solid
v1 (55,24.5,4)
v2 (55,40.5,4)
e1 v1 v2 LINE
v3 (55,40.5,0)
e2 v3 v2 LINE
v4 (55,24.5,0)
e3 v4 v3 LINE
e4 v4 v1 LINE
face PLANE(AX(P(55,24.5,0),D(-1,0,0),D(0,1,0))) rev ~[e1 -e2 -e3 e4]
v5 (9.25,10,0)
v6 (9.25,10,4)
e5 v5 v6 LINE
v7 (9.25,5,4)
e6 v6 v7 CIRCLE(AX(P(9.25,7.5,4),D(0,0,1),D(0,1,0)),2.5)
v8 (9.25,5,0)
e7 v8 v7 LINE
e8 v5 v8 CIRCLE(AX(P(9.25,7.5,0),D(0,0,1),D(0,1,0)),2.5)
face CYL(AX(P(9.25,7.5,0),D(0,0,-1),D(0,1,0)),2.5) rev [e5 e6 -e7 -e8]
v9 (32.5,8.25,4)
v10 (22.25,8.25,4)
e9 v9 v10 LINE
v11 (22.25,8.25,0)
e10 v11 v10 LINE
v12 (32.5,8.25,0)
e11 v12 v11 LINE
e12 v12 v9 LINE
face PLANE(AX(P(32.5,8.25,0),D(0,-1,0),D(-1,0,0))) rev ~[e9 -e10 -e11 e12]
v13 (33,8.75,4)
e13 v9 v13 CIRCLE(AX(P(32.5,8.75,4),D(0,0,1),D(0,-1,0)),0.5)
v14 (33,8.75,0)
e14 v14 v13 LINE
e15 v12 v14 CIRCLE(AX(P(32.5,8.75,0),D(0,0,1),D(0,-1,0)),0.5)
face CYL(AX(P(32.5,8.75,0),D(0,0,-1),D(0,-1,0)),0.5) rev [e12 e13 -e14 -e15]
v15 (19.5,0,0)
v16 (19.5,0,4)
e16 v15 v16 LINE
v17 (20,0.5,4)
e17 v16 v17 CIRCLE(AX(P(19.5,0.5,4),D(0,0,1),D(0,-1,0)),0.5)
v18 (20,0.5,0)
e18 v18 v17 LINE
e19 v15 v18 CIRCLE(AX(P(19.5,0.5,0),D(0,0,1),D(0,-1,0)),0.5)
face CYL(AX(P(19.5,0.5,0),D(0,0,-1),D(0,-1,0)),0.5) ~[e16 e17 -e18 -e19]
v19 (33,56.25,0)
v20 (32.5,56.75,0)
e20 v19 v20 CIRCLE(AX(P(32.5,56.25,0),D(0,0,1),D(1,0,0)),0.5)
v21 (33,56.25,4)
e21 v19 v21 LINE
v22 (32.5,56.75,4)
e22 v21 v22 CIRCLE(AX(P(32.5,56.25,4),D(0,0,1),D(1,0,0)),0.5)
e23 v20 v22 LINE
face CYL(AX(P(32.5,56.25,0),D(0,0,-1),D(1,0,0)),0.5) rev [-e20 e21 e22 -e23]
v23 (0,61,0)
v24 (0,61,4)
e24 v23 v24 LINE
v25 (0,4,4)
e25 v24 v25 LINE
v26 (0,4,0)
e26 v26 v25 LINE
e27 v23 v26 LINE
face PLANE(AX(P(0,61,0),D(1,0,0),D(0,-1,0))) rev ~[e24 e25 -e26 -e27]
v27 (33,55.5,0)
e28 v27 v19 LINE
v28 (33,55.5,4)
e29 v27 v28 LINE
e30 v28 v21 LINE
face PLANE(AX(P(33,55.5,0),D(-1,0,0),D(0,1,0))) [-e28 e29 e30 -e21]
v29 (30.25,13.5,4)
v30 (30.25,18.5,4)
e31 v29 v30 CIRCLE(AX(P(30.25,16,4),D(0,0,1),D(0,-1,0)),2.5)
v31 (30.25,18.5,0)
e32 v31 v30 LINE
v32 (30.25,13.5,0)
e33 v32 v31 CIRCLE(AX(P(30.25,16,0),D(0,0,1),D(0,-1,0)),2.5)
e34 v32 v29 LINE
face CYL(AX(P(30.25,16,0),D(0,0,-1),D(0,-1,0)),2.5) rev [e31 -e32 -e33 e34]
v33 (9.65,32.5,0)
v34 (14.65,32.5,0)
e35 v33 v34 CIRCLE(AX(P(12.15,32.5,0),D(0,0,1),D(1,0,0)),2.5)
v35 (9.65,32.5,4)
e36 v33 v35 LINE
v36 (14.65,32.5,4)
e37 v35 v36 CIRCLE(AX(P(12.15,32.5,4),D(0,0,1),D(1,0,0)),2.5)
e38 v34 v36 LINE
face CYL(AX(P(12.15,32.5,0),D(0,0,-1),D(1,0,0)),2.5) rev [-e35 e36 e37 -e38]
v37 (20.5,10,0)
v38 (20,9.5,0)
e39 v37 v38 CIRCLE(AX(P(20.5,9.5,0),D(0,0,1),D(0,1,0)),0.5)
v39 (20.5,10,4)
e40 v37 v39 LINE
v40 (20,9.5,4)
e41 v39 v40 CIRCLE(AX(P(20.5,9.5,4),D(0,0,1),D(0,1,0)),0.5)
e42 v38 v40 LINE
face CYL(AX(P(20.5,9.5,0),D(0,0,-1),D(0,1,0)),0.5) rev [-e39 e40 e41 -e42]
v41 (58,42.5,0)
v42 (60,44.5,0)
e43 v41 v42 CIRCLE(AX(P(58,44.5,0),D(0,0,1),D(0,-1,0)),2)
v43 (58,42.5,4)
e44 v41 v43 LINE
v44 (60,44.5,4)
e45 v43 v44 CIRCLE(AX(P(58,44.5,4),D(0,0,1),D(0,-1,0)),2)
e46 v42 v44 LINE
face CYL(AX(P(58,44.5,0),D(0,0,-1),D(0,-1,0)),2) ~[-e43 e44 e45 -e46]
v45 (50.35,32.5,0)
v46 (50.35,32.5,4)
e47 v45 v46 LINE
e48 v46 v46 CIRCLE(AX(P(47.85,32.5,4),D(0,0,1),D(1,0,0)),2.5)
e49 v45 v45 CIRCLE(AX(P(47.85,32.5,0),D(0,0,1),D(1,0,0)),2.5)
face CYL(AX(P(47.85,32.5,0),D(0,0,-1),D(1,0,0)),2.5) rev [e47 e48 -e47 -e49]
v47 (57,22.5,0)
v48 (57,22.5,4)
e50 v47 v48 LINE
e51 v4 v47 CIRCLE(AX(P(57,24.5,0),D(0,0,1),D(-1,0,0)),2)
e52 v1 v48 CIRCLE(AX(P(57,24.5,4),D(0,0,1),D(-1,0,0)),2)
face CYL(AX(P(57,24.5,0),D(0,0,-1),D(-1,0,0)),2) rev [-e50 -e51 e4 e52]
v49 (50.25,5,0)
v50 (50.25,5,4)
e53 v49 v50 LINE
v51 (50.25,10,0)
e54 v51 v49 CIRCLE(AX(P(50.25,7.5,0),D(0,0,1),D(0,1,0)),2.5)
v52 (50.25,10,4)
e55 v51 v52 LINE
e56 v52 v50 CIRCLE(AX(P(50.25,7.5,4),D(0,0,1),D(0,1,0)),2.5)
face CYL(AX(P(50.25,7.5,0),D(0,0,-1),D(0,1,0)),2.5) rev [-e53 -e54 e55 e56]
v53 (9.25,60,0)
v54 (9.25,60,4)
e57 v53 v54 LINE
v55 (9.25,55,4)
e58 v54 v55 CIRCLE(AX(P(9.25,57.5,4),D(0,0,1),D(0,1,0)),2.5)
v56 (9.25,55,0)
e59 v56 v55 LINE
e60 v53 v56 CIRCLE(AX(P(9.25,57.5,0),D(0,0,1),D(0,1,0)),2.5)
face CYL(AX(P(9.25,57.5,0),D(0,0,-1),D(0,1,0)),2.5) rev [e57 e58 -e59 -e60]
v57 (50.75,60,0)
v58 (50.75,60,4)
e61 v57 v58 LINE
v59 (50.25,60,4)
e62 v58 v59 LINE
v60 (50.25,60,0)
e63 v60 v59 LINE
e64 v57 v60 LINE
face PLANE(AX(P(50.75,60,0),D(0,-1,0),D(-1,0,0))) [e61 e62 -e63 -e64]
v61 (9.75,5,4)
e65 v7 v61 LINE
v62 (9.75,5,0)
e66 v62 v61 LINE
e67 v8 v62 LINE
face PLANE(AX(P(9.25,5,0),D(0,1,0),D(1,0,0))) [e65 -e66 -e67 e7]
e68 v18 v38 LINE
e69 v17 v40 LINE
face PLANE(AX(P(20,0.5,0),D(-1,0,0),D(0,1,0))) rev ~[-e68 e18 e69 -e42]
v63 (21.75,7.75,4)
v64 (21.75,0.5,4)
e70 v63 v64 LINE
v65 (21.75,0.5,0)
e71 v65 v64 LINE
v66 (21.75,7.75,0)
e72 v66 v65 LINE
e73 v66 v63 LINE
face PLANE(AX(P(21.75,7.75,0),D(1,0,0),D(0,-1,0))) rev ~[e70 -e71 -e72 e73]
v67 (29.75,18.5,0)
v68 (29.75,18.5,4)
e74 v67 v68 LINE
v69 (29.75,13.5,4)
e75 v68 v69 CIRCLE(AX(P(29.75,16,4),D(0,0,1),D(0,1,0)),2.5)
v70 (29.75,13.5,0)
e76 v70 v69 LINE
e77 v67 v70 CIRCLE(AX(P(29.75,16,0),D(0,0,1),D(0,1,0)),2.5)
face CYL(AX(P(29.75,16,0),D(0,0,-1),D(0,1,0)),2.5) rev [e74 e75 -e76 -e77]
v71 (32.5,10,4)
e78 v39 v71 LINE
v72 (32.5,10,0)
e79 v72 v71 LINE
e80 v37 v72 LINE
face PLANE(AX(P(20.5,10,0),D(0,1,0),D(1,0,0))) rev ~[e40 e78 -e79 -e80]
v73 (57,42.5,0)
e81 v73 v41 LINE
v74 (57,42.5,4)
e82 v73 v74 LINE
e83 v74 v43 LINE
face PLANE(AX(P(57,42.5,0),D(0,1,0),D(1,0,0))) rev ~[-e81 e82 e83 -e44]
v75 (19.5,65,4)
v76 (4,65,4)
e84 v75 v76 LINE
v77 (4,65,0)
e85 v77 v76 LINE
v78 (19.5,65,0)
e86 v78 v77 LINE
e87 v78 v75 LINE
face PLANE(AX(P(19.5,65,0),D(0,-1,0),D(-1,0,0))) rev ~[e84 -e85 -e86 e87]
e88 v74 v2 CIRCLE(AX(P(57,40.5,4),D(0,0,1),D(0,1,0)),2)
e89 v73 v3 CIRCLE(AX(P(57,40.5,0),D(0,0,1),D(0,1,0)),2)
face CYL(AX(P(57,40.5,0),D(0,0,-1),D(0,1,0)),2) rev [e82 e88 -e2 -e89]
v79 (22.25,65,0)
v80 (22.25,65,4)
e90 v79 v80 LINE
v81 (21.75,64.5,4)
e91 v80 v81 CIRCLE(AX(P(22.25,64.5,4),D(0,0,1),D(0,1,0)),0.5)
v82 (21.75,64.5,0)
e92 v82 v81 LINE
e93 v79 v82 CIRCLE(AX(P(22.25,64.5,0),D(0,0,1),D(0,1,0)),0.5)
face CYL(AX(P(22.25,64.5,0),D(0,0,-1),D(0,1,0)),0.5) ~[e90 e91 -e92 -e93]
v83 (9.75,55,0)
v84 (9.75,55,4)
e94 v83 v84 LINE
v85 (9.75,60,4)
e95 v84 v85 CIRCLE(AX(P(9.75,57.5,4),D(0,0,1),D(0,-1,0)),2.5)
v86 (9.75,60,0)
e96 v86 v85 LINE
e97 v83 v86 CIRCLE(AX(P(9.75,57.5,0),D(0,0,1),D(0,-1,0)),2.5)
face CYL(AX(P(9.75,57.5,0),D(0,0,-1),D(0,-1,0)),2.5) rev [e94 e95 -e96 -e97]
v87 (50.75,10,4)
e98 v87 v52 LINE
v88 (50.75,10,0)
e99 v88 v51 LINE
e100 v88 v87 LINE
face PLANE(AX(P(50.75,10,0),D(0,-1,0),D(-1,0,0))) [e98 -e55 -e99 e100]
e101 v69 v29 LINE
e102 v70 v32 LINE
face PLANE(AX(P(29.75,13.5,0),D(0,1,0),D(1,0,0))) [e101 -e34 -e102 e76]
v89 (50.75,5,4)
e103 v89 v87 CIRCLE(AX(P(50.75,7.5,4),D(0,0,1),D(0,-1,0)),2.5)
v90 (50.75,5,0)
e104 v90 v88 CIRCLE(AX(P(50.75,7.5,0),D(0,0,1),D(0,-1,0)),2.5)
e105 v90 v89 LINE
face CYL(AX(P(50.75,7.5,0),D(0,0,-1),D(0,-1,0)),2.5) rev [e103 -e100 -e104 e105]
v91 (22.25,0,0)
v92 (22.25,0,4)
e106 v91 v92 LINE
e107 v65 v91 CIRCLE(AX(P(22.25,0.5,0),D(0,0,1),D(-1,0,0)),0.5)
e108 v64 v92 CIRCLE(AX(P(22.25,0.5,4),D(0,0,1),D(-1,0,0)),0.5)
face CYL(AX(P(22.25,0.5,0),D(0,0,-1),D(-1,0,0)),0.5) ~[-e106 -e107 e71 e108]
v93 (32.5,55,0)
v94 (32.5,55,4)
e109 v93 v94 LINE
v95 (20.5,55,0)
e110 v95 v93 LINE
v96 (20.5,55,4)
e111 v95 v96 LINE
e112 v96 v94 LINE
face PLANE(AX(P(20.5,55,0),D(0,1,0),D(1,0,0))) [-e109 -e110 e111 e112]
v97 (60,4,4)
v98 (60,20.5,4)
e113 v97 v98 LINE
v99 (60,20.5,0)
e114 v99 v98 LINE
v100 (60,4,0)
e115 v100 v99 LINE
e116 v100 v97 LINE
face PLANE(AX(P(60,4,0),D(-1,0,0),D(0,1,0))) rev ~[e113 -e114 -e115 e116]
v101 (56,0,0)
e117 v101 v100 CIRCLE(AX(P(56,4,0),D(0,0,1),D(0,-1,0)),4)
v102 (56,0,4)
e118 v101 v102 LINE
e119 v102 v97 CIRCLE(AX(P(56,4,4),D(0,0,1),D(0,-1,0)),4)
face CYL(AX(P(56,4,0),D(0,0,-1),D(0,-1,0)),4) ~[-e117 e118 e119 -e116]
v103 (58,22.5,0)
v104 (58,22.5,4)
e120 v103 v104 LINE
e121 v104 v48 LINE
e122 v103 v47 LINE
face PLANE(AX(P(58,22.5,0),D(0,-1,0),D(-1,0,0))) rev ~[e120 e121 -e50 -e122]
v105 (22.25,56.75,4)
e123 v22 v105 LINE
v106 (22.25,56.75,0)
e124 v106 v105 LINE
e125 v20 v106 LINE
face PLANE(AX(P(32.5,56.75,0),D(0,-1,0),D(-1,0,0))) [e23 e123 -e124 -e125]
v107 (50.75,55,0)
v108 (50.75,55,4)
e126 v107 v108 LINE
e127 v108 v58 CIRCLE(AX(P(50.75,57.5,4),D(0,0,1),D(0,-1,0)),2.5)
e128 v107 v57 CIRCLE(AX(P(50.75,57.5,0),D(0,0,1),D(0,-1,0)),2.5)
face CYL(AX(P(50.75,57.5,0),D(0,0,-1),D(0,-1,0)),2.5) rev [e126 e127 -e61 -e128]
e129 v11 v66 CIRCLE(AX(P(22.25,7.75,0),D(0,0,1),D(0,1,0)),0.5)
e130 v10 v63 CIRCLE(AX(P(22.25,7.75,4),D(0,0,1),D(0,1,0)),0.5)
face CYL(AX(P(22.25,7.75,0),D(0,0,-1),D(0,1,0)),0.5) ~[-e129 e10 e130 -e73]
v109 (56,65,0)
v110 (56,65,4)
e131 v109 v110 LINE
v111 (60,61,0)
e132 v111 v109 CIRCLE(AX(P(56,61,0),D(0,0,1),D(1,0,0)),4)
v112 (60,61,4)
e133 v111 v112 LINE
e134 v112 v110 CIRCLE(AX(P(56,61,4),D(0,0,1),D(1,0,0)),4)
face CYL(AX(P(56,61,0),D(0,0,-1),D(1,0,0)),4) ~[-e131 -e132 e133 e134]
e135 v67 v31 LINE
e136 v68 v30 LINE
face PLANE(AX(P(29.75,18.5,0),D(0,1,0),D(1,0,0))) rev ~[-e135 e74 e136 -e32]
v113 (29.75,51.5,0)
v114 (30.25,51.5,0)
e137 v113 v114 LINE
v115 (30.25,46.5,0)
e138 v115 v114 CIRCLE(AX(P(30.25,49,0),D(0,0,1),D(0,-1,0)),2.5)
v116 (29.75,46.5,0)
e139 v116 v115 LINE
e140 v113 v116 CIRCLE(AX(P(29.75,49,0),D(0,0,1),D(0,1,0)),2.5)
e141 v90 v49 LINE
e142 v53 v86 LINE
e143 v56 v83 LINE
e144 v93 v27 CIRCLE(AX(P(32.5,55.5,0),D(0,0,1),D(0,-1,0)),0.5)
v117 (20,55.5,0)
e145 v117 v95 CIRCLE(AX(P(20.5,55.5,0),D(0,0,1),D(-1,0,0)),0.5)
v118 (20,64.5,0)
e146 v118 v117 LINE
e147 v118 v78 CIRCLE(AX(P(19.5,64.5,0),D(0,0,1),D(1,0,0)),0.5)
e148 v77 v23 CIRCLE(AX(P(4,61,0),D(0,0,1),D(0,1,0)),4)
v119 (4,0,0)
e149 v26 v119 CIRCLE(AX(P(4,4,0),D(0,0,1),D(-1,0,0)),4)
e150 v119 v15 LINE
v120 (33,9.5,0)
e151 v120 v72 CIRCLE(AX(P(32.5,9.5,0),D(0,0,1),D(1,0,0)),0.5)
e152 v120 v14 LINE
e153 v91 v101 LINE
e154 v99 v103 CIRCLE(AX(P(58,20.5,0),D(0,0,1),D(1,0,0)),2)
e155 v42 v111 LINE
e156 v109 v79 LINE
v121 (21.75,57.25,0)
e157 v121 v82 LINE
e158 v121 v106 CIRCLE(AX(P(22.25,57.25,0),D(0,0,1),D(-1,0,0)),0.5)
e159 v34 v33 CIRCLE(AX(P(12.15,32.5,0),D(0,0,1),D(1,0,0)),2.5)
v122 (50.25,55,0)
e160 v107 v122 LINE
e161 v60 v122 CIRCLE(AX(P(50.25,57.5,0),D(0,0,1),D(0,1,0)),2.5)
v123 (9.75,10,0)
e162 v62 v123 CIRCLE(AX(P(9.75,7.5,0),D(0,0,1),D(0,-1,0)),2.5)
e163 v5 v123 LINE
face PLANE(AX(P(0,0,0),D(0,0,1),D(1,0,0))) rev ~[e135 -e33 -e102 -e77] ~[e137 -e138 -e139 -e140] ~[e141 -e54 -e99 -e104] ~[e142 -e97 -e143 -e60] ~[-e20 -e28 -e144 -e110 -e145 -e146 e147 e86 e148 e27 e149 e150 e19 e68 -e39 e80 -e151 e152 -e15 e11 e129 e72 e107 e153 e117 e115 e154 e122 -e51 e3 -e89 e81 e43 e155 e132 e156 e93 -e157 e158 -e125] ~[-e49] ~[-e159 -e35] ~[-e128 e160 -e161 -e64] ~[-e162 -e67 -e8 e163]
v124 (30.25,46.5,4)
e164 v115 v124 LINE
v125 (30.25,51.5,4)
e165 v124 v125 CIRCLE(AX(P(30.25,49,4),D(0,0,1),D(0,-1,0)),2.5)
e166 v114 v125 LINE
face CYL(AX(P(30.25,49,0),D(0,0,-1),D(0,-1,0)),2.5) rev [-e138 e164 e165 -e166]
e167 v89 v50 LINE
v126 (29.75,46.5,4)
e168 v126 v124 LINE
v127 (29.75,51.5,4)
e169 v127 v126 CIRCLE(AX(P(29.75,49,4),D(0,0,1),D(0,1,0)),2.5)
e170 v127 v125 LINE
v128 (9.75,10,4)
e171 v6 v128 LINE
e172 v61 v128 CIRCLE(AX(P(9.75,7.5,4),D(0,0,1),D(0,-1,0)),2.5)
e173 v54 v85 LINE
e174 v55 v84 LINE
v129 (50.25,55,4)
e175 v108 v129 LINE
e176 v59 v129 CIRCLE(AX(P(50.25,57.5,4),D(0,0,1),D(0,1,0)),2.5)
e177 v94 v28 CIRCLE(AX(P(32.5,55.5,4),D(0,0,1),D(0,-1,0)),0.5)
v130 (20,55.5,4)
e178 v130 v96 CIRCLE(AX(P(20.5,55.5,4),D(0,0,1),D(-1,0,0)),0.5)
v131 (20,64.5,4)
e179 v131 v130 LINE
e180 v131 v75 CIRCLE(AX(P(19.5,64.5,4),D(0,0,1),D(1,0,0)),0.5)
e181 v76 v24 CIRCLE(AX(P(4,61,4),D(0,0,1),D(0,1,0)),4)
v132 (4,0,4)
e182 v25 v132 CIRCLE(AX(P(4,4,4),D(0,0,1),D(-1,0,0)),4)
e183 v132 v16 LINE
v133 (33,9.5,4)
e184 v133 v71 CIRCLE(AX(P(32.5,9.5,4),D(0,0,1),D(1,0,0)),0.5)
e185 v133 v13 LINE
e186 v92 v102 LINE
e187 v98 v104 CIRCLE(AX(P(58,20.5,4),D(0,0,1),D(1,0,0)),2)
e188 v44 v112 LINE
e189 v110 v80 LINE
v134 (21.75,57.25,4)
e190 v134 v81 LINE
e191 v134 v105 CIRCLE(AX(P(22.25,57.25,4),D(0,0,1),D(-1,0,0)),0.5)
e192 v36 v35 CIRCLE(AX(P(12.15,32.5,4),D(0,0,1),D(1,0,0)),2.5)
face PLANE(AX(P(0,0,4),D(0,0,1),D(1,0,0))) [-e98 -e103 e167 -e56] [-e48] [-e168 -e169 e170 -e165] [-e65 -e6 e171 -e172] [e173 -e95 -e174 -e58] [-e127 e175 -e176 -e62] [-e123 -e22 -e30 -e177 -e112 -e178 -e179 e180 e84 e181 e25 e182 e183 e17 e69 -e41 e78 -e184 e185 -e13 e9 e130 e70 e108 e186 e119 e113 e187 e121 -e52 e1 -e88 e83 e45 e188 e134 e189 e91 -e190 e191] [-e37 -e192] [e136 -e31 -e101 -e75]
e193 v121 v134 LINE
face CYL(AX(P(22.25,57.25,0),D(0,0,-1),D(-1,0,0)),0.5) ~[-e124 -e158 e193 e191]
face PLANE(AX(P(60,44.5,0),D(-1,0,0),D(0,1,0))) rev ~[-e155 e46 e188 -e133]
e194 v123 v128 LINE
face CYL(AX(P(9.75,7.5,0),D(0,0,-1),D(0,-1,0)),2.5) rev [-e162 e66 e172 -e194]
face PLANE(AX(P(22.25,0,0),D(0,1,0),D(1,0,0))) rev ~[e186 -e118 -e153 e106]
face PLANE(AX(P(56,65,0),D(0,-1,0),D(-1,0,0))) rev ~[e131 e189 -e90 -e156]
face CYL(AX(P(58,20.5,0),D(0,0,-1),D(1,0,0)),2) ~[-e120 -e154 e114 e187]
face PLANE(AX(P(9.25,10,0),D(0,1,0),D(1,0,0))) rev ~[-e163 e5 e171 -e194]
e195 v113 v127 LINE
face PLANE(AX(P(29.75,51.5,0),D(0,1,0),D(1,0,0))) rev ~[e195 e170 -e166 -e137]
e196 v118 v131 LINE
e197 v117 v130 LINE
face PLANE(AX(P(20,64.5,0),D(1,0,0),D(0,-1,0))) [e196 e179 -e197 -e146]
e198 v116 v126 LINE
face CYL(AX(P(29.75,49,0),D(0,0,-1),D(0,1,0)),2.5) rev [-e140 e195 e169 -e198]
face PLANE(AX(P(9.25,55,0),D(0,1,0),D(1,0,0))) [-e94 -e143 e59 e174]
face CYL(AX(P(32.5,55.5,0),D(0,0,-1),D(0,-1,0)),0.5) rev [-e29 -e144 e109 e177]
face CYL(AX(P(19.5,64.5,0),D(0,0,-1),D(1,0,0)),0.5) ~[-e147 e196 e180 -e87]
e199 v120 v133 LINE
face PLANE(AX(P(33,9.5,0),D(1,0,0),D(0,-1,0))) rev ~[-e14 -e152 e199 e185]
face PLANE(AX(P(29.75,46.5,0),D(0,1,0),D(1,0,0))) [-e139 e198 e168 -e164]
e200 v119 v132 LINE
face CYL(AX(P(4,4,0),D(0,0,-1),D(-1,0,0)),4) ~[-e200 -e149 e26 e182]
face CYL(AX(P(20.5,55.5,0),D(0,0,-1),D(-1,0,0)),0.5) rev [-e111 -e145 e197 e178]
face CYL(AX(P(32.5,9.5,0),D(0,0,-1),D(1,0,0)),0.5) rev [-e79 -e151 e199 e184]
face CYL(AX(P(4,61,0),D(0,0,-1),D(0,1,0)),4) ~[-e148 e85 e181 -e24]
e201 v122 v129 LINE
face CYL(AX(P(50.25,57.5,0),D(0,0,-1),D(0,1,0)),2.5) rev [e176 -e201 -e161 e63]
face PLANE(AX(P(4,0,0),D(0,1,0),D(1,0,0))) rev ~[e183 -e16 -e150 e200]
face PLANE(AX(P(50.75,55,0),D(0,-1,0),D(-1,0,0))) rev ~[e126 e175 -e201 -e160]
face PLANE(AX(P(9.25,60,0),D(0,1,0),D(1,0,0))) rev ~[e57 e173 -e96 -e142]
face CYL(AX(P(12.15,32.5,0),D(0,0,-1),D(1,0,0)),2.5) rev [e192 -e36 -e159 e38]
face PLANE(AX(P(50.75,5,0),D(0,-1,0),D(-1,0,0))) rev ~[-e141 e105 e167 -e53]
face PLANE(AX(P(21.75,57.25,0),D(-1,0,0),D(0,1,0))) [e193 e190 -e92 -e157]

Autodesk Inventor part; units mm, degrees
ref_plane "YZ Plane" through (0, 0, 0) normal (1, 0, 0) x (0, 1, 0)
ref_plane "XZ Plane" through (0, 0, 0) normal (0, 1, 0) x (-1, 0, 0)
ref_plane "XY Plane" through (0, 0, 0) normal (0, 0, 1) x (1, 0, 0)
sketch "Szkic1" plane through (0, 0, 0) normal (0, 0, 1) x (1, 0, 0)
  line L0 (0, 61) -> (0, 4)
  line L1 (57, 42.5) -> (58, 42.5)
  line L2 (58, 22.5) -> (57, 22.5)
  line L3 (55, 24.5) -> (55, 40.5)
  line L4 (60, 4) -> (60, 20.5)
  line L5 (60, 44.5) -> (60, 61)
  line L6 (4, 0) -> (19.5, 0)
  line L7 (20, 0.5) -> (20, 9.5)
  line L8 (20.5, 10) -> (32.5, 10)
  line L9 (33, 9.5) -> (33, 8.75)
  line L10 (32.5, 8.25) -> (22.25, 8.25)
  line L11 (21.75, 7.75) -> (21.75, 0.5)
  line L12 (0, 0) -> (20, 0)
  line L13 (22.25, 0) -> (56, 0)
  arc A0 (22.25, 8.25) -> (21.75, 7.75) centre (22.25, 7.75) ccw
  arc A1 (20.5, 10) -> (20, 9.5) centre (20.5, 9.5) ccw
  arc A2 (33, 9.5) -> (32.5, 10) centre (32.5, 9.5) ccw
  arc A3 (32.5, 8.25) -> (33, 8.75) centre (32.5, 8.75) ccw
  arc A4 (19.5, 0) -> (20, 0.5) centre (19.5, 0.5) ccw
  arc A5 (21.75, 0.5) -> (22.25, 0) centre (22.25, 0.5) ccw
  arc A6 (60, 20.5) -> (58, 22.5) centre (58, 20.5) ccw
  arc A7 (55, 24.5) -> (57, 22.5) centre (57, 24.5) ccw
  arc A8 (57, 42.5) -> (55, 40.5) centre (57, 40.5) ccw
  arc A9 (58, 42.5) -> (60, 44.5) centre (58, 44.5) ccw
  arc A10 (60, 61) -> (56, 65) centre (56, 61) ccw
  arc A11 (4, 65) -> (0, 61) centre (4, 61) ccw
  arc A12 (0, 4) -> (4, 0) centre (4, 4) ccw
  arc A13 (56, 0) -> (60, 4) centre (56, 4) ccw
  line L14 (20, 64.5) -> (20, 55.5)
  line L15 (20.5, 55) -> (32.5, 55)
  line L16 (33, 55.5) -> (33, 56.25)
  line L17 (32.5, 56.75) -> (22.25, 56.75)
  line L18 (21.75, 57.25) -> (21.75, 64.5)
  arc A14 (21.75, 57.25) -> (22.25, 56.75) centre (22.25, 57.25) ccw
  arc A15 (20, 55.5) -> (20.5, 55) centre (20.5, 55.5) ccw
  arc A16 (32.5, 55) -> (33, 55.5) centre (32.5, 55.5) ccw
  arc A17 (33, 56.25) -> (32.5, 56.75) centre (32.5, 56.25) ccw
  arc A18 (20, 64.5) -> (19.5, 65) centre (19.5, 64.5) ccw
  arc A19 (22.25, 65) -> (21.75, 64.5) centre (22.25, 64.5) ccw
  circle A20 centre (47.85, 32.5) radius 2.5
  line L19 (56, 65) -> (22.25, 65)
  line L20 (19.5, 65) -> (4, 65)
  arc A21 (9.25, 60) -> (9.25, 55) centre (9.25, 57.5) ccw
  arc A22 (9.75, 55) -> (9.75, 60) centre (9.75, 57.5) ccw
  line L21 (9.25, 60) -> (9.75, 60)
  line L22 (9.25, 55) -> (9.75, 55)
  arc A23 (30.25, 46.5) -> (30.25, 51.5) centre (30.25, 49) ccw
  arc A24 (29.75, 51.5) -> (29.75, 46.5) centre (29.75, 49) ccw
  line L23 (29.75, 51.5) -> (30.25, 51.5)
  line L24 (29.75, 46.5) -> (30.25, 46.5)
  line L25 (9.85, 32.5) -> (9.6, 32.5)
  line L26 (9.6, 32.5) -> (10.1, 32.5)
  circle A25 centre (12.15, 32.5) radius 2.5
  arc A26 (50.75, 55) -> (50.75, 60) centre (50.75, 57.5) ccw
  arc A27 (50.25, 60) -> (50.25, 55) centre (50.25, 57.5) ccw
  line L27 (50.75, 60) -> (50.25, 60)
  line L28 (50.75, 55) -> (50.25, 55)
  arc A28 (9.25, 10) -> (9.25, 5) centre (9.25, 7.5) ccw
  arc A29 (9.75, 5) -> (9.75, 10) centre (9.75, 7.5) ccw
  line L29 (9.25, 5) -> (9.75, 5)
  line L30 (9.25, 10) -> (9.75, 10)
  arc A30 (30.25, 13.5) -> (30.25, 18.5) centre (30.25, 16) ccw
  arc A31 (29.75, 18.5) -> (29.75, 13.5) centre (29.75, 16) ccw
  line L31 (29.75, 13.5) -> (30.25, 13.5)
  line L32 (29.75, 18.5) -> (30.25, 18.5)
  arc A32 (50.25, 10) -> (50.25, 5) centre (50.25, 7.5) ccw
  line L33 (50.75, 10) -> (50.25, 10)
  arc A33 (50.75, 5) -> (50.75, 10) centre (50.75, 7.5) ccw
  line L34 (50.75, 5) -> (50.25, 5)
  point P0 (60, 65)
  point P1 (60, 0)
  point P2 (0, 65)
  point P3 (60, 22.5)
  point P4 (60, 42.5)
  point P5 (55, 22.5)
  point P6 (20, 10)
  point P7 (33, 10)
  point P8 (33, 8.25)
  point P9 (21.75, 8.25)
  dimension "d0" = 60
  dimension "d1" = 65
  dimension "d4" = 5
  dimension "d5" = 20
  dimension "d6" = 20
  dimension "d7" = 10
  dimension "d8" = 13
  dimension "d9" = 1.75
  dimension "d10" = 11.25
  dimension "d11" = 0.5
  dimension "d12" = 2
  dimension "d13" = 4
  dimension "d21" = 9.85
  dimension "d22" = 5
  dimension "d23" = 38
  dimension "d29" = 5
  dimension "d30" = 5
  dimension "d33" = 5
  dimension "d34" = 5
  dimension "d36" = 0.25
  dimension "d37" = 0.5
extrude "Płyta2" add sketch "Szkic1" along normal blind 4
equation "\"d40\" = Grubość"
equation "\"PromieńGięcia\" = Grubość"
equation "\"SzerokośćGięciaPodcięcia\" = Grubość"
equation "\"GłębokośćGięciaPodcięcia\" = 0.5 * Grubość"
equation "\"RozmiarPodcięciaNarożnika\" = 4 * Grubość"
equation "\"MinimalnaPozostałość\" = 2 * Grubość"
equation "\"PromieńPrzejścia\" = PromieńGięcia"
equation "\"Rozmiar_promienia_Jacobiego\" = PromieńGięcia"
equation "\"Wielk_odstępu\" = Grubość"
equation "\"Grubość\" = 4"
properties part number "podstawa_lewa"
